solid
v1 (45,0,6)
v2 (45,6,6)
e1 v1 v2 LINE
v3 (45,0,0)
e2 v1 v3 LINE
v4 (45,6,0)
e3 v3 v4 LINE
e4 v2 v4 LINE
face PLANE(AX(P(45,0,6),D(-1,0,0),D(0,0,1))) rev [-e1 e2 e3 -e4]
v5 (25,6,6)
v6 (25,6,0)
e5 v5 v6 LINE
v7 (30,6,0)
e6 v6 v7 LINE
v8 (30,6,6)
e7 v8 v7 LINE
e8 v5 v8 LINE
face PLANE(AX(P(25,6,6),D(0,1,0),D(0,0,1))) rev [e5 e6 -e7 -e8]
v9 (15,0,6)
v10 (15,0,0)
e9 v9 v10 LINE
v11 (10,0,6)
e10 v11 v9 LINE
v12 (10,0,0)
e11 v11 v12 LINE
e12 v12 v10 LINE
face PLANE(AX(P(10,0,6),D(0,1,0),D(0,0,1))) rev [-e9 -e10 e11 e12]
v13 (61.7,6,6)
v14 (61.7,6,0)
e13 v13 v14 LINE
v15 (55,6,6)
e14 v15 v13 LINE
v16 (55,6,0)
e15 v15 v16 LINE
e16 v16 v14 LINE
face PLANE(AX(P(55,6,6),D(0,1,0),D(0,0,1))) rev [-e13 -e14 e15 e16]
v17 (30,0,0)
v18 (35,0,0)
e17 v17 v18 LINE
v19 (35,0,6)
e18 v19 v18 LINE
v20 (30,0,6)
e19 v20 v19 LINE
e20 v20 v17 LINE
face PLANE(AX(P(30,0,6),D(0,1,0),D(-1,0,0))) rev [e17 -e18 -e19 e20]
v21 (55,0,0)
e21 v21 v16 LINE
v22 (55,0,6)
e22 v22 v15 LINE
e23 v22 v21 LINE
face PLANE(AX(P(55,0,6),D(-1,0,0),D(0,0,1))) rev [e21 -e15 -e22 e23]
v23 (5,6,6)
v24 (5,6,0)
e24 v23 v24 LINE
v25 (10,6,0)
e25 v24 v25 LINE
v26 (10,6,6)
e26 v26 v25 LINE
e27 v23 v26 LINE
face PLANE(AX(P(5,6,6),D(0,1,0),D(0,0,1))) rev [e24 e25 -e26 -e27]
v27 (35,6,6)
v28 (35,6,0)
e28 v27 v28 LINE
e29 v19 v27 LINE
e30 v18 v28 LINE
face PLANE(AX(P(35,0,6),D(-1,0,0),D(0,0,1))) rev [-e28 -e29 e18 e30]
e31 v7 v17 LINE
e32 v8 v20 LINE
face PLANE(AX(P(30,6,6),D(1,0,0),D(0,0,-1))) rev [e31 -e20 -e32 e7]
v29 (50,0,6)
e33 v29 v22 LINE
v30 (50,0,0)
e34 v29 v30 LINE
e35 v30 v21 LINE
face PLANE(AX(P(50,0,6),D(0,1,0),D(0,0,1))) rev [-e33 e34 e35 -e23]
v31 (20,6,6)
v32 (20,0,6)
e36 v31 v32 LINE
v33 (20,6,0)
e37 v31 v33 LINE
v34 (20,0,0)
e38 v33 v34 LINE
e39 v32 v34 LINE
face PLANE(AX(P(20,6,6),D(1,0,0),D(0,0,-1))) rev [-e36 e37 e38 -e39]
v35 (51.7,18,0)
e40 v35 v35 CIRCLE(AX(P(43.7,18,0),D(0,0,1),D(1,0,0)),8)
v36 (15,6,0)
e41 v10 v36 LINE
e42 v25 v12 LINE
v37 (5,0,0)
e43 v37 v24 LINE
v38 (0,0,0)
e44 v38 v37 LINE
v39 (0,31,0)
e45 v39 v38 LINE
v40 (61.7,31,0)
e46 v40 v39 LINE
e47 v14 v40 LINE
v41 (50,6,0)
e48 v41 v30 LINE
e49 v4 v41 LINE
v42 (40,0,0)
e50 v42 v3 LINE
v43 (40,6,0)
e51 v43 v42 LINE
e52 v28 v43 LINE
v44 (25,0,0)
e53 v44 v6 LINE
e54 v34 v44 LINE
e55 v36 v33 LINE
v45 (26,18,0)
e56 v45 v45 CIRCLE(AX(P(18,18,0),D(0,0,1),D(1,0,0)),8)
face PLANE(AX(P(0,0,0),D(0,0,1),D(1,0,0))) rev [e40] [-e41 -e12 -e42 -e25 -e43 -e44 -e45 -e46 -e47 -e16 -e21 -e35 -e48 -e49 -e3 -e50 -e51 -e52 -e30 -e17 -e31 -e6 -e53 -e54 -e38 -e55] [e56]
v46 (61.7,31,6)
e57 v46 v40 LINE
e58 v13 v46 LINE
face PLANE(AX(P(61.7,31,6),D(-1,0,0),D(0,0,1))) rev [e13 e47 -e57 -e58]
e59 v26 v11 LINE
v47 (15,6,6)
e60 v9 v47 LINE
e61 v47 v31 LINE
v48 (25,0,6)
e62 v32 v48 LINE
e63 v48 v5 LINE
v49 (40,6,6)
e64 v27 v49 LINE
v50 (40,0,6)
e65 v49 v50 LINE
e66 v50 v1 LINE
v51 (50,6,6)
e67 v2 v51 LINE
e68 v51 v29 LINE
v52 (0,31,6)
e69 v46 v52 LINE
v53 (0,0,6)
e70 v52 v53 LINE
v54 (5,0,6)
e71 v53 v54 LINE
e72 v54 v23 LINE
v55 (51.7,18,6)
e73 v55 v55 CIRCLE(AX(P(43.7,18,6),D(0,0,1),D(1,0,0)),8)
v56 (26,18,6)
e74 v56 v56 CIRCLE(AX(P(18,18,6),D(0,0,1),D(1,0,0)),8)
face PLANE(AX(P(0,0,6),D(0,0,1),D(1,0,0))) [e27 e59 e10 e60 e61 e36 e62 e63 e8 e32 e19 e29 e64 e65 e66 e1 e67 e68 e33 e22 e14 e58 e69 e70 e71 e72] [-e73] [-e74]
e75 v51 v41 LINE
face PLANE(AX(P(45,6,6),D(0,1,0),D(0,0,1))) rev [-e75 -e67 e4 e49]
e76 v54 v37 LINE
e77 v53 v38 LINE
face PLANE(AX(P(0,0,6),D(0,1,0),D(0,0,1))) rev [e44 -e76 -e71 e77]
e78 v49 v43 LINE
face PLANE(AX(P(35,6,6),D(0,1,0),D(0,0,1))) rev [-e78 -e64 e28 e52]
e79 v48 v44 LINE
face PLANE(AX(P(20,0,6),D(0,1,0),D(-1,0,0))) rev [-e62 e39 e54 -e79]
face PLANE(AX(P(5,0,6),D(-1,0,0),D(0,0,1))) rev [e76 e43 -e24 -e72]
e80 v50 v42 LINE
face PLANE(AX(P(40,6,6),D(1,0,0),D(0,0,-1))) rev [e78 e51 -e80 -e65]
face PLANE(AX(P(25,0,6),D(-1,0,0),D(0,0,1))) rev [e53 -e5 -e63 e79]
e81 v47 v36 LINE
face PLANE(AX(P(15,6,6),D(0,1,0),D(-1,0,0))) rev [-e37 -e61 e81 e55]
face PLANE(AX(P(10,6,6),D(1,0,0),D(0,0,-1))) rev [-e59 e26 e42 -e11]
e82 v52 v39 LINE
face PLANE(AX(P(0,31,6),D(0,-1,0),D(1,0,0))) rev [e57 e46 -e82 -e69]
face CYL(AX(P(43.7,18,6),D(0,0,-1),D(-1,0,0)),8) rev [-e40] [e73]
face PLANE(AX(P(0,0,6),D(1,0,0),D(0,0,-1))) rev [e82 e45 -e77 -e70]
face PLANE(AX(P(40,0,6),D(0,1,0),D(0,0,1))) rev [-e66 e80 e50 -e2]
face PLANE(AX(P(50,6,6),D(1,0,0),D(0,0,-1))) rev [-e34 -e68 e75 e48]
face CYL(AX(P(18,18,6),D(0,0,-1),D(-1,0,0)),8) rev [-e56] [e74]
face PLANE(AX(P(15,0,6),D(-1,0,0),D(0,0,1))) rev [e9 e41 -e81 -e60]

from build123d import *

# Parameters (mm, degrees)
ESQUISSE1_R        = 8
BOSS_EXTRU_1_DEPTH = 6


with BuildPart() as part:
    # Esquisse1 → Boss.-Extru.1 (new body)
    with BuildSketch(Plane.XY):
        Polygon((0, 0), (0, 31), (61.7, 31), (61.7, 6), (55, 6), (55, 0), (50, 0), (50, 6), (45, 6), (45, 0), (40, 0), (40, 6), (35, 6), (35, 0), (30, 0), (30, 6), (25, 6), (25, 0), (20, 0), (20, 6), (15, 6), (15, 0), (10, 0), (10, 6), (5, 6), (5, 0), align=None)
        with Locations((18, 18)):
            Circle(ESQUISSE1_R, mode=Mode.SUBTRACT)
        with Locations((43.7, 18)):
            Circle(ESQUISSE1_R, mode=Mode.SUBTRACT)
    extrude(amount=BOSS_EXTRU_1_DEPTH)


solid = part.part
